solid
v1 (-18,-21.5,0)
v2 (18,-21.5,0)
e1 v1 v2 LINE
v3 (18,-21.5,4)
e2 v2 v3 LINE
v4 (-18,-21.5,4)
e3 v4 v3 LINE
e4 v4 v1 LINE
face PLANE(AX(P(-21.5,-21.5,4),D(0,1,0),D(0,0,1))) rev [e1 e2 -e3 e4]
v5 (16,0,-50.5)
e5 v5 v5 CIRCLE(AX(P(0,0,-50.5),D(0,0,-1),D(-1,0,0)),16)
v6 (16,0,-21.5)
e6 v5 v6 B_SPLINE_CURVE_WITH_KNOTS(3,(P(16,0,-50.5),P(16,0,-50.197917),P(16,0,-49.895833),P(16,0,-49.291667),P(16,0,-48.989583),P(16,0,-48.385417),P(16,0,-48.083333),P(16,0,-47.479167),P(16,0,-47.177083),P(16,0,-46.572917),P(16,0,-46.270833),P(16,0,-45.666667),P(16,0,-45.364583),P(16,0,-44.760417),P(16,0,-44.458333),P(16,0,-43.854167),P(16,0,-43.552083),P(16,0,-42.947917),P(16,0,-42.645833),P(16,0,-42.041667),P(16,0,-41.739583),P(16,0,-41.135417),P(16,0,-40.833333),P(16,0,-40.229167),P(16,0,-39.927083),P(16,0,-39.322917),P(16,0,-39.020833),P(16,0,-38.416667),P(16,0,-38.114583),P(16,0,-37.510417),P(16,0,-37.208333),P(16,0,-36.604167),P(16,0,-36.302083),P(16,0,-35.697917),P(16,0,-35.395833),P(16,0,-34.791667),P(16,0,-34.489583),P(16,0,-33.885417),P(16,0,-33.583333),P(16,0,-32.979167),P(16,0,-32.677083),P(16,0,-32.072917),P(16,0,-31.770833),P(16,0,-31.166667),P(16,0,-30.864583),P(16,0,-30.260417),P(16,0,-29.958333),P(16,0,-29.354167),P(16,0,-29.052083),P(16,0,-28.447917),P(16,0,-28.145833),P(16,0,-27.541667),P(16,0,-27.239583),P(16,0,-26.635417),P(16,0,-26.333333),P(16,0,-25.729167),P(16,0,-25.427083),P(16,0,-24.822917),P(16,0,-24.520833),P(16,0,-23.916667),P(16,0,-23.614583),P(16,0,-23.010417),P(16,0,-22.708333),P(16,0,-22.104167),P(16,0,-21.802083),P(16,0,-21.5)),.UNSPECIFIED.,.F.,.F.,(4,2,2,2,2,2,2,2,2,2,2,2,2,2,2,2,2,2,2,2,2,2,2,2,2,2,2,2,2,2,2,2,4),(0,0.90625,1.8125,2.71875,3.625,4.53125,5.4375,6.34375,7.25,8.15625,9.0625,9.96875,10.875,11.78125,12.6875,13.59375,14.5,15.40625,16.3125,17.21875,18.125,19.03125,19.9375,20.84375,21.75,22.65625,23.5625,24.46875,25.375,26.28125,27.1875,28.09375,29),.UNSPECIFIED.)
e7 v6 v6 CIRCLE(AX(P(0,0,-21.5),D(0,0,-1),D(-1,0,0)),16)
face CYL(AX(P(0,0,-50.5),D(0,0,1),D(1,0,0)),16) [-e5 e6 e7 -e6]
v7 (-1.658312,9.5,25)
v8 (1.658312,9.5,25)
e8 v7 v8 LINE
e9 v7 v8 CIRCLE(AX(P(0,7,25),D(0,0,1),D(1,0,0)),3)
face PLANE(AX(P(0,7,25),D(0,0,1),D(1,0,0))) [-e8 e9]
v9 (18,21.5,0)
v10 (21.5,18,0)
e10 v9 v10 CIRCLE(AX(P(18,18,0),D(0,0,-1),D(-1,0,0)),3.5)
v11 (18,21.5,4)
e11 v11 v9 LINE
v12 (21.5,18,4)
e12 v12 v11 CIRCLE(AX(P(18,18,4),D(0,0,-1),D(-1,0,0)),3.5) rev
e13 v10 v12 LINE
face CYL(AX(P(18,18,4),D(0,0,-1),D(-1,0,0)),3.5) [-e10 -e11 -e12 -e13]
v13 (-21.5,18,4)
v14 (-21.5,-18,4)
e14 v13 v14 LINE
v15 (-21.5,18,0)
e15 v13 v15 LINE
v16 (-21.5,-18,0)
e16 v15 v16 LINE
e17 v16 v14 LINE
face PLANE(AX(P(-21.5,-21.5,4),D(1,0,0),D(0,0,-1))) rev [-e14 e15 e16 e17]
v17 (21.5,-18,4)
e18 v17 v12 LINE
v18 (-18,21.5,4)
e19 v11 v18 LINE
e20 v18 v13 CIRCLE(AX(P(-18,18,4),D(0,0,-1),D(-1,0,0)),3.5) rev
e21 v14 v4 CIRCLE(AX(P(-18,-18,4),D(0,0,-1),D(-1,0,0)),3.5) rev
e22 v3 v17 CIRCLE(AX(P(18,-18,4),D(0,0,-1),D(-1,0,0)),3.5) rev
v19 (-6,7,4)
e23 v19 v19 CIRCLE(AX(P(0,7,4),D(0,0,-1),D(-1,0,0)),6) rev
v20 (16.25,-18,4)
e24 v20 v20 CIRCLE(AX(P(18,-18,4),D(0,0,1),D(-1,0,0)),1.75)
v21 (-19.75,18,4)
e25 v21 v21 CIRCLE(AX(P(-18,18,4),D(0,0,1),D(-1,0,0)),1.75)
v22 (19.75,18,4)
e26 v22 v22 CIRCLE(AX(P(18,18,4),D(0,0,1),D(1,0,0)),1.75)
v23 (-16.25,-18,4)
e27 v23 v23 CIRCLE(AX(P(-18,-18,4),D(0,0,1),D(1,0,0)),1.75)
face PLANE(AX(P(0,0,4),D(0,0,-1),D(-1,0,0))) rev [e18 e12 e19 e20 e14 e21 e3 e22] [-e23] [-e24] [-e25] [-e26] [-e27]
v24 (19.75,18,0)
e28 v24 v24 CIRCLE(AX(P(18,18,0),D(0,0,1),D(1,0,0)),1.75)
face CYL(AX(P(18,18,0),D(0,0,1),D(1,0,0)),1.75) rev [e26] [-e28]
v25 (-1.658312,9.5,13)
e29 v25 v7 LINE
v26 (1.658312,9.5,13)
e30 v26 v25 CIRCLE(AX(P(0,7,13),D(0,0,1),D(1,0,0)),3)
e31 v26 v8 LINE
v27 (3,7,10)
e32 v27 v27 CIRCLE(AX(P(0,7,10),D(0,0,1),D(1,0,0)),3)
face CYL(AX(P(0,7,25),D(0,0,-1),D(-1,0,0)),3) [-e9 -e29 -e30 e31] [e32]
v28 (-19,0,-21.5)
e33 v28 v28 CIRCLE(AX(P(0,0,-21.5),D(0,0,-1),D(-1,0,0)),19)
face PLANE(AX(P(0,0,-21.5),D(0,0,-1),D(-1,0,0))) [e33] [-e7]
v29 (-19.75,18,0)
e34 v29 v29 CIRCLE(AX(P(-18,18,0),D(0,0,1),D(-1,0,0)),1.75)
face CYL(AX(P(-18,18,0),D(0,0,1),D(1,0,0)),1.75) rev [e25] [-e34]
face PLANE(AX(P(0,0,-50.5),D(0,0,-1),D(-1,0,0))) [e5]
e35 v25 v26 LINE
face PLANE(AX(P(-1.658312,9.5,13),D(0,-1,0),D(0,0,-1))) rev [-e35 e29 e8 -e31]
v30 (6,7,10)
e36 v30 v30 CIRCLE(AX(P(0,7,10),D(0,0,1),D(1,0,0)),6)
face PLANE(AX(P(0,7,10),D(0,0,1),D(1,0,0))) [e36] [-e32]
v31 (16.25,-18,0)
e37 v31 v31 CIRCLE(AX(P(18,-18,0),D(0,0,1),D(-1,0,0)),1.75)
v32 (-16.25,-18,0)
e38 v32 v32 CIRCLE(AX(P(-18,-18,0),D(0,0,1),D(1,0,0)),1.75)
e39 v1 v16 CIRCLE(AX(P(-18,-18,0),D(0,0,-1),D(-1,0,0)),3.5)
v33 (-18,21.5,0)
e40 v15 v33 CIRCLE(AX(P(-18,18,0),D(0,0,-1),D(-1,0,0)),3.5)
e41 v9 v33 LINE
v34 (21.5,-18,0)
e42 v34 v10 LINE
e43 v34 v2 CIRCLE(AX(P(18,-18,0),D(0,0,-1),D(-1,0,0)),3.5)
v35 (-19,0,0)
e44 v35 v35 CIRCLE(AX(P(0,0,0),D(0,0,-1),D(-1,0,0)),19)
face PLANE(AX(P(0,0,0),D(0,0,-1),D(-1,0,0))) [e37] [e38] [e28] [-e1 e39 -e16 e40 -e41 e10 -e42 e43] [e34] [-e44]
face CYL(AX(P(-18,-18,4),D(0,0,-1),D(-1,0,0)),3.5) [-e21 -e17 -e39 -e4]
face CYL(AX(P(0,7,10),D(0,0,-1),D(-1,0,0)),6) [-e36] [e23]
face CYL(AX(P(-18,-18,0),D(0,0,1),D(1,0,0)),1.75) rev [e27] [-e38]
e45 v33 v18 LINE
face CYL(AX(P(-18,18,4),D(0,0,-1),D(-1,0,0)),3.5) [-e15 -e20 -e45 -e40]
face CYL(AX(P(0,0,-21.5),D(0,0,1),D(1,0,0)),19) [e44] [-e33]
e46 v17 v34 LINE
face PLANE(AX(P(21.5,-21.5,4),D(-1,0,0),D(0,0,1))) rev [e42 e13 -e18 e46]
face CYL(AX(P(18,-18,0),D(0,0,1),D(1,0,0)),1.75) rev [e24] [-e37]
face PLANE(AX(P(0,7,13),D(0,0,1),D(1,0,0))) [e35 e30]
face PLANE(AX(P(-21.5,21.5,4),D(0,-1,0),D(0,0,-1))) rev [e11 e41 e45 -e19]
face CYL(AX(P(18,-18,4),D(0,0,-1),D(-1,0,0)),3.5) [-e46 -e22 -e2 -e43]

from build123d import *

# Parameters (mm, degrees)
SKETCH_1_W          = 43
SKETCH_1_H          = 43
EXTRUDE_1_DEPTH     = 4
FILLET_1_R          = 3.5
SKETCH_2_R          = 1.75
CUT_EXTRUDE_1_DEPTH = 31.66757245
SKETCH_3_R          = 6
EXTRUDE_2_DEPTH     = 6
SKETCH_4_R          = 3
EXTRUDE_3_DEPTH     = 15
CUT_EXTRUDE_START   = -12
CUT_EXTRUDE_2_DEPTH = 12
SKETCH_6_R          = 19
EXTRUDE_4_DEPTH     = 21.5
SKETCH_7_R          = 16
EXTRUDE_5_DEPTH     = 29


with BuildPart() as part:
    # 스케치1 → 보스-돌출1 (new body)
    with BuildSketch(Plane.XY):
        Rectangle(SKETCH_1_W, SKETCH_1_H)
    extrude(amount=EXTRUDE_1_DEPTH)

    # 필렛1
    fillet_1_edges = [part.edges().sort_by_distance(p)[0] for p in [
        (21.5, -21.5, 2),
        (-21.5, -21.5, 2),
        (-21.5, 21.5, 2),
        (21.5, 21.5, 2),
    ]]
    fillet(fillet_1_edges, radius=FILLET_1_R)

    # 스케치2 → 컷-돌출1 (cut, through all)
    with BuildSketch(Plane.XY.offset(4)):
        with Locations((18, 18)):
            Circle(SKETCH_2_R)
        with Locations(Location((-18, 18, 0), (0, 0, 180))):
            Circle(SKETCH_2_R)
        with Locations(Location((18, -18, 0), (0, 0, 180))):
            Circle(SKETCH_2_R)
        with Locations((-18, -18)):
            Circle(SKETCH_2_R)
    extrude(amount=-CUT_EXTRUDE_1_DEPTH, mode=Mode.SUBTRACT)

    # 스케치3 → 보스-돌출2 (add)
    with BuildSketch(Plane.XY.offset(4)):
        with Locations(Location((0, 7, 0), (0, 0, 180))):
            Circle(SKETCH_3_R)
    extrude(amount=EXTRUDE_2_DEPTH)

    # 스케치4 → 보스-돌출3 (add)
    with BuildSketch(Plane.XY.offset(10)):
        with Locations((0, 7)):
            Circle(SKETCH_4_R)
    extrude(amount=EXTRUDE_3_DEPTH)

    # 스케치5 → 컷-돌출2 (cut)
    with BuildSketch(Plane.XY.offset(25).offset(CUT_EXTRUDE_START)):
        with BuildLine():
            Line((-1.658312395, 9.5), (1.658312395, 9.5))
            ThreePointArc((1.658312395, 9.5), (0, 10), (-1.658312395, 9.5))
        make_face()
    extrude(amount=CUT_EXTRUDE_2_DEPTH, mode=Mode.SUBTRACT)

    # 스케치6 → 보스-돌출4 (add)
    with BuildSketch(Plane(origin=(0, 0, 0), x_dir=(-1, 0, 0), z_dir=(0, 0, -1))):
        Circle(SKETCH_6_R)
    extrude(amount=EXTRUDE_4_DEPTH)

    # 스케치7 → 보스-돌출5 (add)
    with BuildSketch(Plane(origin=(0, 0, -21.5), x_dir=(-1, 0, 0), z_dir=(0, 0, -1))):
        with Locations(Location((0, 0, 0), (0, 0, 180))):
            Circle(SKETCH_7_R)
    extrude(amount=EXTRUDE_5_DEPTH)


solid = part.part
